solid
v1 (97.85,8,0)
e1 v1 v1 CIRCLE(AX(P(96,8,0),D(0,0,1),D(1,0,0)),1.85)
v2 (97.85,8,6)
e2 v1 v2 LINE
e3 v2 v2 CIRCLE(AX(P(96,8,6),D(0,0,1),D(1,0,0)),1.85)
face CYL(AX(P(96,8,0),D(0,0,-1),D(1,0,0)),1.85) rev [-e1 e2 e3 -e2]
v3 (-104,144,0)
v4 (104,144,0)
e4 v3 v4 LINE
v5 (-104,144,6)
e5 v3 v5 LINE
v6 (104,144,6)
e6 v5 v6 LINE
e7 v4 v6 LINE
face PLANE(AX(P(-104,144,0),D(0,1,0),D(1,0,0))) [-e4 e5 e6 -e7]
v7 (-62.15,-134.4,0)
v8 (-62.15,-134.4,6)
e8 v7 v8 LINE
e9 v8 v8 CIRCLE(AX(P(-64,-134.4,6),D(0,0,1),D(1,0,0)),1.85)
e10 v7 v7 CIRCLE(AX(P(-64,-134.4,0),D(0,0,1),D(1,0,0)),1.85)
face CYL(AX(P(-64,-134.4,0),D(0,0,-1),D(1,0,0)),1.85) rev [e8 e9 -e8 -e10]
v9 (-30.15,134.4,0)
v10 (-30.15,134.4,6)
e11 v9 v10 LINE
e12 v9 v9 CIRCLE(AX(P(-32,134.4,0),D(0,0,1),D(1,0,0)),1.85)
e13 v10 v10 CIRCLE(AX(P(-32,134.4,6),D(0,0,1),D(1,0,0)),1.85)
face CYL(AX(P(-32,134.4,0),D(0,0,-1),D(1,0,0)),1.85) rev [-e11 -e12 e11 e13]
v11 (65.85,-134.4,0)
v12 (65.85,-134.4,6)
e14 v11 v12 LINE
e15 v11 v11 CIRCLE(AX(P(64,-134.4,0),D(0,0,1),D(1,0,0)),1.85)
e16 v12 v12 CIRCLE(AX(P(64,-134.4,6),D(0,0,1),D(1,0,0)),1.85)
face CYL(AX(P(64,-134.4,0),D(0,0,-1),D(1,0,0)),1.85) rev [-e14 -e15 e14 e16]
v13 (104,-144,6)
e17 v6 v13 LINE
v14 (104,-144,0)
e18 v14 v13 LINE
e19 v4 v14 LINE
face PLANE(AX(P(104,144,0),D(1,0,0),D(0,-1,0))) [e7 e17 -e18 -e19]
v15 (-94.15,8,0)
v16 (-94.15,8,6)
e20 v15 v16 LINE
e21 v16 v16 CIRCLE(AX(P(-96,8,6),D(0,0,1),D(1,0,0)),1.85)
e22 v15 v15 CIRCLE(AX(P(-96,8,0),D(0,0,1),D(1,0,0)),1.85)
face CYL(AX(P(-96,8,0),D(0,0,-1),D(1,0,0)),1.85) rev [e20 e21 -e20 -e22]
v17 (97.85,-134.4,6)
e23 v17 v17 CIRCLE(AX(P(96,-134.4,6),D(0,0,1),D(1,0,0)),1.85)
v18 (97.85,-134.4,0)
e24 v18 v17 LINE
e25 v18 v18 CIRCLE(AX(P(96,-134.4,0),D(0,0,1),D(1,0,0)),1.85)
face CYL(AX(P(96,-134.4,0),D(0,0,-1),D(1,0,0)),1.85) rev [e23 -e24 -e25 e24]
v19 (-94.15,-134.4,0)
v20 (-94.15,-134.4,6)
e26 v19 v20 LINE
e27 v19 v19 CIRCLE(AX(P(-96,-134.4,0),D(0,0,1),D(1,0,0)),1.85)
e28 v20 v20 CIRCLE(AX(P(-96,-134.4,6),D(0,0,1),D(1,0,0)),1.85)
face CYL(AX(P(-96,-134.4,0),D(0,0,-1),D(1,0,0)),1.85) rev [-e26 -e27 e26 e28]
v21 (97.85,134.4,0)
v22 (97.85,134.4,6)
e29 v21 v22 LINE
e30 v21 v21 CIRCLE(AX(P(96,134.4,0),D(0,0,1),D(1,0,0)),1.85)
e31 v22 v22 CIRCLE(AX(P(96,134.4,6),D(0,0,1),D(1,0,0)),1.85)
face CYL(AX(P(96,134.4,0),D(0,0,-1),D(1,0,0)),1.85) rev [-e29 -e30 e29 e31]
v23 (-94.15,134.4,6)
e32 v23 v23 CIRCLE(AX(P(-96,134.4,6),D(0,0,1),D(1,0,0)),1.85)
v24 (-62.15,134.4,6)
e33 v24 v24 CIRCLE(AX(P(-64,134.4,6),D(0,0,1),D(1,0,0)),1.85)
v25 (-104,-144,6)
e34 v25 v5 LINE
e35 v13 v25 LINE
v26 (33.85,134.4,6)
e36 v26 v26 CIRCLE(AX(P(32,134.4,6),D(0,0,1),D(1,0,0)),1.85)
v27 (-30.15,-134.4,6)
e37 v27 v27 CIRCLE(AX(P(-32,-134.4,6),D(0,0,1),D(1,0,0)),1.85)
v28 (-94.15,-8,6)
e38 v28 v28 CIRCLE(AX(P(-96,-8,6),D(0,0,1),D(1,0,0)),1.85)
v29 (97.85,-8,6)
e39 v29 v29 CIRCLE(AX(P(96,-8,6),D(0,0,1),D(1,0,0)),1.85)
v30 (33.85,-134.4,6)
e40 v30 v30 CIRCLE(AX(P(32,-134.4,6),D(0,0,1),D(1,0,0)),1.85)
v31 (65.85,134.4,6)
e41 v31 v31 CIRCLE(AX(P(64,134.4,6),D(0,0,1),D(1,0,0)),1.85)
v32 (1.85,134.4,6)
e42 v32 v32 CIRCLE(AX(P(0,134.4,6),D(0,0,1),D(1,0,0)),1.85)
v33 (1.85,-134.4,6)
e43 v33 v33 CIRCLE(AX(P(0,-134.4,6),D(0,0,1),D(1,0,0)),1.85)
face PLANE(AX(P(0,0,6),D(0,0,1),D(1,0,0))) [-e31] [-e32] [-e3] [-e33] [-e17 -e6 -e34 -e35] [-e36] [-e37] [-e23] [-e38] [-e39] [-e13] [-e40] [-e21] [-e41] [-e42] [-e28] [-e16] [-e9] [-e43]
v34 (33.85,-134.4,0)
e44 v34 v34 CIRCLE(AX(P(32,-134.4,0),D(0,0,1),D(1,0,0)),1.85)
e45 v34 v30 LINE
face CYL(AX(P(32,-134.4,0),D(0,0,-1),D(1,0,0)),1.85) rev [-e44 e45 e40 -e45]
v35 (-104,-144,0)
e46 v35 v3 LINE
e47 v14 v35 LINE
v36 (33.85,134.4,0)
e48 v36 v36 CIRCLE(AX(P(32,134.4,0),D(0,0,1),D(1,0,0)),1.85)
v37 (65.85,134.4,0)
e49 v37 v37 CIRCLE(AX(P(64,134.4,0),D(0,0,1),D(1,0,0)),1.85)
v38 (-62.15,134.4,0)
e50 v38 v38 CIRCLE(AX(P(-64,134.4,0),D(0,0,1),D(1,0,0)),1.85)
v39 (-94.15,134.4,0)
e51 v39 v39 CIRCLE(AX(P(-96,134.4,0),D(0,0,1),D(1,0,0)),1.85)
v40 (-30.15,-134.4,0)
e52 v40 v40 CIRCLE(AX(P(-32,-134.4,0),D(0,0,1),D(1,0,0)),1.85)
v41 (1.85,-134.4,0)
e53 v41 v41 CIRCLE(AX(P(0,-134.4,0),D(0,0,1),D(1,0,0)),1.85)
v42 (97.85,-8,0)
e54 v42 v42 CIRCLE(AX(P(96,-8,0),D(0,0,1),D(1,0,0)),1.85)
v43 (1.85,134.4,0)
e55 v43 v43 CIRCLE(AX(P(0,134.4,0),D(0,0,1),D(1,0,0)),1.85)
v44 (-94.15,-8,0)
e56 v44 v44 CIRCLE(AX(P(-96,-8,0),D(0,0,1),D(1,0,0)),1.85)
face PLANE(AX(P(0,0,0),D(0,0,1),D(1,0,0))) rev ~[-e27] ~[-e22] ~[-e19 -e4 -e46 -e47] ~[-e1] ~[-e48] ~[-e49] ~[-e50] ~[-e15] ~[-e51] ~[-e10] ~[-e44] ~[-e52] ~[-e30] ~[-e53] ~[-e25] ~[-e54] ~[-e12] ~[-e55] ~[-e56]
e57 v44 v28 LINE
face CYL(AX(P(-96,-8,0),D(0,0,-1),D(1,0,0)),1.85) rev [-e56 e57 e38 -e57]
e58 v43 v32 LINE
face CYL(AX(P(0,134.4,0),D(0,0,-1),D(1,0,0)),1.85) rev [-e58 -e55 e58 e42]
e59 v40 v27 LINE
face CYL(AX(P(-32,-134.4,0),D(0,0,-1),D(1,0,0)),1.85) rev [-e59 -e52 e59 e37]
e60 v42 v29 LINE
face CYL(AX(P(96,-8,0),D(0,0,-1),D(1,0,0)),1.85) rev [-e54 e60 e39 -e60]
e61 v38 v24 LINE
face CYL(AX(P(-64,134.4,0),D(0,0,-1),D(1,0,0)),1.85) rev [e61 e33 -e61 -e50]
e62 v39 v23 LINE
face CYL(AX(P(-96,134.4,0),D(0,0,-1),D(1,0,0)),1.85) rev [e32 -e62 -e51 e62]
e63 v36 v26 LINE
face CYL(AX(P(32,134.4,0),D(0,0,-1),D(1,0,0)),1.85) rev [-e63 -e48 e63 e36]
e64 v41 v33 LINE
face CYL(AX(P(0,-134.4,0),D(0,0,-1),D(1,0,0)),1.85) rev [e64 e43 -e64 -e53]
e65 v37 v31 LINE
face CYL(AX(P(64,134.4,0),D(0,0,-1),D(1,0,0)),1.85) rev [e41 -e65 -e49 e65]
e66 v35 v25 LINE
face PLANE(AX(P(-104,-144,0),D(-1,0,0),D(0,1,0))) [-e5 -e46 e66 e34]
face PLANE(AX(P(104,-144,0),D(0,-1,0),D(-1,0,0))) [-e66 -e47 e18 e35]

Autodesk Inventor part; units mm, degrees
ref_plane "YZ Plane" through (0, 0, 0) normal (1, 0, 0) x (0, 1, 0)
ref_plane "XZ Plane" through (0, 0, 0) normal (0, 1, 0) x (-1, 0, 0)
ref_plane "XY Plane" through (0, 0, 0) normal (0, 0, 1) x (1, 0, 0)
sketch "Sketch1" plane through (0, 0, 0) normal (0, 0, 1) x (1, 0, 0)
  line L0 (104, -144) -> (-104, -144)
  line L1 (-104, -144) -> (-104, 144)
  line L2 (-104, 144) -> (104, 144)
  line L3 (104, 144) -> (104, -144)
  line L4 (104, -144) -> (-104, 144) construction
  line L5 (-104, -144) -> (104, 144) construction
  circle A0 centre (96, 134.4) radius 1.85
  circle A1 centre (64, 134.4) radius 1.85
  circle A2 centre (32, 134.4) radius 1.85
  circle A3 centre (0, 134.4) radius 1.85
  circle A4 centre (-32, 134.4) radius 1.85
  circle A5 centre (-64, 134.4) radius 1.85
  circle A6 centre (-96, 134.4) radius 1.85
  circle A7 centre (64, -134.4) radius 1.85
  circle A8 centre (32, -134.4) radius 1.85
  circle A9 centre (96, -134.4) radius 1.85
  circle A10 centre (0, -134.4) radius 1.85
  circle A11 centre (-32, -134.4) radius 1.85
  circle A12 centre (-96, -134.4) radius 1.85
  line L6 (104, 144) -> (-104, -144) construction
  line L7 (-104, 144) -> (104, -144) construction
  circle A13 centre (-64, -134.4) radius 1.85
  circle A14 centre (-96, 8) radius 1.85 projected
  circle A15 centre (-96, -8) radius 1.85 projected
  circle A16 centre (96, 8) radius 1.85 projected
  circle A17 centre (96, -8) radius 1.85 projected
  dimension "d0" = 208
  dimension "d1" = 288
  dimension "d13" = 3.7
  dimension "d14" = 32
  dimension "d15" = 32
  dimension "d16" = 9.6
  dimension "d17" = 8
  dimension "d18" = 8
  dimension "d19" = 9.6
  dimension "d20" = 8
  dimension "d21" = 9.6
  dimension "d22" = 9.6
  dimension "d23" = 8
  dimension "d24" = 16
  dimension "d25" = 8
  dimension "d26" = 16
  dimension "d27" = 8
  dimension "d28" = 32
  dimension "d29" = 32
  dimension "d30" = 32
  dimension "d31" = 32
  dimension "d32" = 32
  dimension "d33" = 32
  dimension "d34" = 32
  dimension "d35" = 32
  dimension "d36" = 32
  dimension "d37" = 32
extrude "Extrusion5" add sketch "Sketch1" along normal blind 6
properties part number "KrackenPlatedimensions"
